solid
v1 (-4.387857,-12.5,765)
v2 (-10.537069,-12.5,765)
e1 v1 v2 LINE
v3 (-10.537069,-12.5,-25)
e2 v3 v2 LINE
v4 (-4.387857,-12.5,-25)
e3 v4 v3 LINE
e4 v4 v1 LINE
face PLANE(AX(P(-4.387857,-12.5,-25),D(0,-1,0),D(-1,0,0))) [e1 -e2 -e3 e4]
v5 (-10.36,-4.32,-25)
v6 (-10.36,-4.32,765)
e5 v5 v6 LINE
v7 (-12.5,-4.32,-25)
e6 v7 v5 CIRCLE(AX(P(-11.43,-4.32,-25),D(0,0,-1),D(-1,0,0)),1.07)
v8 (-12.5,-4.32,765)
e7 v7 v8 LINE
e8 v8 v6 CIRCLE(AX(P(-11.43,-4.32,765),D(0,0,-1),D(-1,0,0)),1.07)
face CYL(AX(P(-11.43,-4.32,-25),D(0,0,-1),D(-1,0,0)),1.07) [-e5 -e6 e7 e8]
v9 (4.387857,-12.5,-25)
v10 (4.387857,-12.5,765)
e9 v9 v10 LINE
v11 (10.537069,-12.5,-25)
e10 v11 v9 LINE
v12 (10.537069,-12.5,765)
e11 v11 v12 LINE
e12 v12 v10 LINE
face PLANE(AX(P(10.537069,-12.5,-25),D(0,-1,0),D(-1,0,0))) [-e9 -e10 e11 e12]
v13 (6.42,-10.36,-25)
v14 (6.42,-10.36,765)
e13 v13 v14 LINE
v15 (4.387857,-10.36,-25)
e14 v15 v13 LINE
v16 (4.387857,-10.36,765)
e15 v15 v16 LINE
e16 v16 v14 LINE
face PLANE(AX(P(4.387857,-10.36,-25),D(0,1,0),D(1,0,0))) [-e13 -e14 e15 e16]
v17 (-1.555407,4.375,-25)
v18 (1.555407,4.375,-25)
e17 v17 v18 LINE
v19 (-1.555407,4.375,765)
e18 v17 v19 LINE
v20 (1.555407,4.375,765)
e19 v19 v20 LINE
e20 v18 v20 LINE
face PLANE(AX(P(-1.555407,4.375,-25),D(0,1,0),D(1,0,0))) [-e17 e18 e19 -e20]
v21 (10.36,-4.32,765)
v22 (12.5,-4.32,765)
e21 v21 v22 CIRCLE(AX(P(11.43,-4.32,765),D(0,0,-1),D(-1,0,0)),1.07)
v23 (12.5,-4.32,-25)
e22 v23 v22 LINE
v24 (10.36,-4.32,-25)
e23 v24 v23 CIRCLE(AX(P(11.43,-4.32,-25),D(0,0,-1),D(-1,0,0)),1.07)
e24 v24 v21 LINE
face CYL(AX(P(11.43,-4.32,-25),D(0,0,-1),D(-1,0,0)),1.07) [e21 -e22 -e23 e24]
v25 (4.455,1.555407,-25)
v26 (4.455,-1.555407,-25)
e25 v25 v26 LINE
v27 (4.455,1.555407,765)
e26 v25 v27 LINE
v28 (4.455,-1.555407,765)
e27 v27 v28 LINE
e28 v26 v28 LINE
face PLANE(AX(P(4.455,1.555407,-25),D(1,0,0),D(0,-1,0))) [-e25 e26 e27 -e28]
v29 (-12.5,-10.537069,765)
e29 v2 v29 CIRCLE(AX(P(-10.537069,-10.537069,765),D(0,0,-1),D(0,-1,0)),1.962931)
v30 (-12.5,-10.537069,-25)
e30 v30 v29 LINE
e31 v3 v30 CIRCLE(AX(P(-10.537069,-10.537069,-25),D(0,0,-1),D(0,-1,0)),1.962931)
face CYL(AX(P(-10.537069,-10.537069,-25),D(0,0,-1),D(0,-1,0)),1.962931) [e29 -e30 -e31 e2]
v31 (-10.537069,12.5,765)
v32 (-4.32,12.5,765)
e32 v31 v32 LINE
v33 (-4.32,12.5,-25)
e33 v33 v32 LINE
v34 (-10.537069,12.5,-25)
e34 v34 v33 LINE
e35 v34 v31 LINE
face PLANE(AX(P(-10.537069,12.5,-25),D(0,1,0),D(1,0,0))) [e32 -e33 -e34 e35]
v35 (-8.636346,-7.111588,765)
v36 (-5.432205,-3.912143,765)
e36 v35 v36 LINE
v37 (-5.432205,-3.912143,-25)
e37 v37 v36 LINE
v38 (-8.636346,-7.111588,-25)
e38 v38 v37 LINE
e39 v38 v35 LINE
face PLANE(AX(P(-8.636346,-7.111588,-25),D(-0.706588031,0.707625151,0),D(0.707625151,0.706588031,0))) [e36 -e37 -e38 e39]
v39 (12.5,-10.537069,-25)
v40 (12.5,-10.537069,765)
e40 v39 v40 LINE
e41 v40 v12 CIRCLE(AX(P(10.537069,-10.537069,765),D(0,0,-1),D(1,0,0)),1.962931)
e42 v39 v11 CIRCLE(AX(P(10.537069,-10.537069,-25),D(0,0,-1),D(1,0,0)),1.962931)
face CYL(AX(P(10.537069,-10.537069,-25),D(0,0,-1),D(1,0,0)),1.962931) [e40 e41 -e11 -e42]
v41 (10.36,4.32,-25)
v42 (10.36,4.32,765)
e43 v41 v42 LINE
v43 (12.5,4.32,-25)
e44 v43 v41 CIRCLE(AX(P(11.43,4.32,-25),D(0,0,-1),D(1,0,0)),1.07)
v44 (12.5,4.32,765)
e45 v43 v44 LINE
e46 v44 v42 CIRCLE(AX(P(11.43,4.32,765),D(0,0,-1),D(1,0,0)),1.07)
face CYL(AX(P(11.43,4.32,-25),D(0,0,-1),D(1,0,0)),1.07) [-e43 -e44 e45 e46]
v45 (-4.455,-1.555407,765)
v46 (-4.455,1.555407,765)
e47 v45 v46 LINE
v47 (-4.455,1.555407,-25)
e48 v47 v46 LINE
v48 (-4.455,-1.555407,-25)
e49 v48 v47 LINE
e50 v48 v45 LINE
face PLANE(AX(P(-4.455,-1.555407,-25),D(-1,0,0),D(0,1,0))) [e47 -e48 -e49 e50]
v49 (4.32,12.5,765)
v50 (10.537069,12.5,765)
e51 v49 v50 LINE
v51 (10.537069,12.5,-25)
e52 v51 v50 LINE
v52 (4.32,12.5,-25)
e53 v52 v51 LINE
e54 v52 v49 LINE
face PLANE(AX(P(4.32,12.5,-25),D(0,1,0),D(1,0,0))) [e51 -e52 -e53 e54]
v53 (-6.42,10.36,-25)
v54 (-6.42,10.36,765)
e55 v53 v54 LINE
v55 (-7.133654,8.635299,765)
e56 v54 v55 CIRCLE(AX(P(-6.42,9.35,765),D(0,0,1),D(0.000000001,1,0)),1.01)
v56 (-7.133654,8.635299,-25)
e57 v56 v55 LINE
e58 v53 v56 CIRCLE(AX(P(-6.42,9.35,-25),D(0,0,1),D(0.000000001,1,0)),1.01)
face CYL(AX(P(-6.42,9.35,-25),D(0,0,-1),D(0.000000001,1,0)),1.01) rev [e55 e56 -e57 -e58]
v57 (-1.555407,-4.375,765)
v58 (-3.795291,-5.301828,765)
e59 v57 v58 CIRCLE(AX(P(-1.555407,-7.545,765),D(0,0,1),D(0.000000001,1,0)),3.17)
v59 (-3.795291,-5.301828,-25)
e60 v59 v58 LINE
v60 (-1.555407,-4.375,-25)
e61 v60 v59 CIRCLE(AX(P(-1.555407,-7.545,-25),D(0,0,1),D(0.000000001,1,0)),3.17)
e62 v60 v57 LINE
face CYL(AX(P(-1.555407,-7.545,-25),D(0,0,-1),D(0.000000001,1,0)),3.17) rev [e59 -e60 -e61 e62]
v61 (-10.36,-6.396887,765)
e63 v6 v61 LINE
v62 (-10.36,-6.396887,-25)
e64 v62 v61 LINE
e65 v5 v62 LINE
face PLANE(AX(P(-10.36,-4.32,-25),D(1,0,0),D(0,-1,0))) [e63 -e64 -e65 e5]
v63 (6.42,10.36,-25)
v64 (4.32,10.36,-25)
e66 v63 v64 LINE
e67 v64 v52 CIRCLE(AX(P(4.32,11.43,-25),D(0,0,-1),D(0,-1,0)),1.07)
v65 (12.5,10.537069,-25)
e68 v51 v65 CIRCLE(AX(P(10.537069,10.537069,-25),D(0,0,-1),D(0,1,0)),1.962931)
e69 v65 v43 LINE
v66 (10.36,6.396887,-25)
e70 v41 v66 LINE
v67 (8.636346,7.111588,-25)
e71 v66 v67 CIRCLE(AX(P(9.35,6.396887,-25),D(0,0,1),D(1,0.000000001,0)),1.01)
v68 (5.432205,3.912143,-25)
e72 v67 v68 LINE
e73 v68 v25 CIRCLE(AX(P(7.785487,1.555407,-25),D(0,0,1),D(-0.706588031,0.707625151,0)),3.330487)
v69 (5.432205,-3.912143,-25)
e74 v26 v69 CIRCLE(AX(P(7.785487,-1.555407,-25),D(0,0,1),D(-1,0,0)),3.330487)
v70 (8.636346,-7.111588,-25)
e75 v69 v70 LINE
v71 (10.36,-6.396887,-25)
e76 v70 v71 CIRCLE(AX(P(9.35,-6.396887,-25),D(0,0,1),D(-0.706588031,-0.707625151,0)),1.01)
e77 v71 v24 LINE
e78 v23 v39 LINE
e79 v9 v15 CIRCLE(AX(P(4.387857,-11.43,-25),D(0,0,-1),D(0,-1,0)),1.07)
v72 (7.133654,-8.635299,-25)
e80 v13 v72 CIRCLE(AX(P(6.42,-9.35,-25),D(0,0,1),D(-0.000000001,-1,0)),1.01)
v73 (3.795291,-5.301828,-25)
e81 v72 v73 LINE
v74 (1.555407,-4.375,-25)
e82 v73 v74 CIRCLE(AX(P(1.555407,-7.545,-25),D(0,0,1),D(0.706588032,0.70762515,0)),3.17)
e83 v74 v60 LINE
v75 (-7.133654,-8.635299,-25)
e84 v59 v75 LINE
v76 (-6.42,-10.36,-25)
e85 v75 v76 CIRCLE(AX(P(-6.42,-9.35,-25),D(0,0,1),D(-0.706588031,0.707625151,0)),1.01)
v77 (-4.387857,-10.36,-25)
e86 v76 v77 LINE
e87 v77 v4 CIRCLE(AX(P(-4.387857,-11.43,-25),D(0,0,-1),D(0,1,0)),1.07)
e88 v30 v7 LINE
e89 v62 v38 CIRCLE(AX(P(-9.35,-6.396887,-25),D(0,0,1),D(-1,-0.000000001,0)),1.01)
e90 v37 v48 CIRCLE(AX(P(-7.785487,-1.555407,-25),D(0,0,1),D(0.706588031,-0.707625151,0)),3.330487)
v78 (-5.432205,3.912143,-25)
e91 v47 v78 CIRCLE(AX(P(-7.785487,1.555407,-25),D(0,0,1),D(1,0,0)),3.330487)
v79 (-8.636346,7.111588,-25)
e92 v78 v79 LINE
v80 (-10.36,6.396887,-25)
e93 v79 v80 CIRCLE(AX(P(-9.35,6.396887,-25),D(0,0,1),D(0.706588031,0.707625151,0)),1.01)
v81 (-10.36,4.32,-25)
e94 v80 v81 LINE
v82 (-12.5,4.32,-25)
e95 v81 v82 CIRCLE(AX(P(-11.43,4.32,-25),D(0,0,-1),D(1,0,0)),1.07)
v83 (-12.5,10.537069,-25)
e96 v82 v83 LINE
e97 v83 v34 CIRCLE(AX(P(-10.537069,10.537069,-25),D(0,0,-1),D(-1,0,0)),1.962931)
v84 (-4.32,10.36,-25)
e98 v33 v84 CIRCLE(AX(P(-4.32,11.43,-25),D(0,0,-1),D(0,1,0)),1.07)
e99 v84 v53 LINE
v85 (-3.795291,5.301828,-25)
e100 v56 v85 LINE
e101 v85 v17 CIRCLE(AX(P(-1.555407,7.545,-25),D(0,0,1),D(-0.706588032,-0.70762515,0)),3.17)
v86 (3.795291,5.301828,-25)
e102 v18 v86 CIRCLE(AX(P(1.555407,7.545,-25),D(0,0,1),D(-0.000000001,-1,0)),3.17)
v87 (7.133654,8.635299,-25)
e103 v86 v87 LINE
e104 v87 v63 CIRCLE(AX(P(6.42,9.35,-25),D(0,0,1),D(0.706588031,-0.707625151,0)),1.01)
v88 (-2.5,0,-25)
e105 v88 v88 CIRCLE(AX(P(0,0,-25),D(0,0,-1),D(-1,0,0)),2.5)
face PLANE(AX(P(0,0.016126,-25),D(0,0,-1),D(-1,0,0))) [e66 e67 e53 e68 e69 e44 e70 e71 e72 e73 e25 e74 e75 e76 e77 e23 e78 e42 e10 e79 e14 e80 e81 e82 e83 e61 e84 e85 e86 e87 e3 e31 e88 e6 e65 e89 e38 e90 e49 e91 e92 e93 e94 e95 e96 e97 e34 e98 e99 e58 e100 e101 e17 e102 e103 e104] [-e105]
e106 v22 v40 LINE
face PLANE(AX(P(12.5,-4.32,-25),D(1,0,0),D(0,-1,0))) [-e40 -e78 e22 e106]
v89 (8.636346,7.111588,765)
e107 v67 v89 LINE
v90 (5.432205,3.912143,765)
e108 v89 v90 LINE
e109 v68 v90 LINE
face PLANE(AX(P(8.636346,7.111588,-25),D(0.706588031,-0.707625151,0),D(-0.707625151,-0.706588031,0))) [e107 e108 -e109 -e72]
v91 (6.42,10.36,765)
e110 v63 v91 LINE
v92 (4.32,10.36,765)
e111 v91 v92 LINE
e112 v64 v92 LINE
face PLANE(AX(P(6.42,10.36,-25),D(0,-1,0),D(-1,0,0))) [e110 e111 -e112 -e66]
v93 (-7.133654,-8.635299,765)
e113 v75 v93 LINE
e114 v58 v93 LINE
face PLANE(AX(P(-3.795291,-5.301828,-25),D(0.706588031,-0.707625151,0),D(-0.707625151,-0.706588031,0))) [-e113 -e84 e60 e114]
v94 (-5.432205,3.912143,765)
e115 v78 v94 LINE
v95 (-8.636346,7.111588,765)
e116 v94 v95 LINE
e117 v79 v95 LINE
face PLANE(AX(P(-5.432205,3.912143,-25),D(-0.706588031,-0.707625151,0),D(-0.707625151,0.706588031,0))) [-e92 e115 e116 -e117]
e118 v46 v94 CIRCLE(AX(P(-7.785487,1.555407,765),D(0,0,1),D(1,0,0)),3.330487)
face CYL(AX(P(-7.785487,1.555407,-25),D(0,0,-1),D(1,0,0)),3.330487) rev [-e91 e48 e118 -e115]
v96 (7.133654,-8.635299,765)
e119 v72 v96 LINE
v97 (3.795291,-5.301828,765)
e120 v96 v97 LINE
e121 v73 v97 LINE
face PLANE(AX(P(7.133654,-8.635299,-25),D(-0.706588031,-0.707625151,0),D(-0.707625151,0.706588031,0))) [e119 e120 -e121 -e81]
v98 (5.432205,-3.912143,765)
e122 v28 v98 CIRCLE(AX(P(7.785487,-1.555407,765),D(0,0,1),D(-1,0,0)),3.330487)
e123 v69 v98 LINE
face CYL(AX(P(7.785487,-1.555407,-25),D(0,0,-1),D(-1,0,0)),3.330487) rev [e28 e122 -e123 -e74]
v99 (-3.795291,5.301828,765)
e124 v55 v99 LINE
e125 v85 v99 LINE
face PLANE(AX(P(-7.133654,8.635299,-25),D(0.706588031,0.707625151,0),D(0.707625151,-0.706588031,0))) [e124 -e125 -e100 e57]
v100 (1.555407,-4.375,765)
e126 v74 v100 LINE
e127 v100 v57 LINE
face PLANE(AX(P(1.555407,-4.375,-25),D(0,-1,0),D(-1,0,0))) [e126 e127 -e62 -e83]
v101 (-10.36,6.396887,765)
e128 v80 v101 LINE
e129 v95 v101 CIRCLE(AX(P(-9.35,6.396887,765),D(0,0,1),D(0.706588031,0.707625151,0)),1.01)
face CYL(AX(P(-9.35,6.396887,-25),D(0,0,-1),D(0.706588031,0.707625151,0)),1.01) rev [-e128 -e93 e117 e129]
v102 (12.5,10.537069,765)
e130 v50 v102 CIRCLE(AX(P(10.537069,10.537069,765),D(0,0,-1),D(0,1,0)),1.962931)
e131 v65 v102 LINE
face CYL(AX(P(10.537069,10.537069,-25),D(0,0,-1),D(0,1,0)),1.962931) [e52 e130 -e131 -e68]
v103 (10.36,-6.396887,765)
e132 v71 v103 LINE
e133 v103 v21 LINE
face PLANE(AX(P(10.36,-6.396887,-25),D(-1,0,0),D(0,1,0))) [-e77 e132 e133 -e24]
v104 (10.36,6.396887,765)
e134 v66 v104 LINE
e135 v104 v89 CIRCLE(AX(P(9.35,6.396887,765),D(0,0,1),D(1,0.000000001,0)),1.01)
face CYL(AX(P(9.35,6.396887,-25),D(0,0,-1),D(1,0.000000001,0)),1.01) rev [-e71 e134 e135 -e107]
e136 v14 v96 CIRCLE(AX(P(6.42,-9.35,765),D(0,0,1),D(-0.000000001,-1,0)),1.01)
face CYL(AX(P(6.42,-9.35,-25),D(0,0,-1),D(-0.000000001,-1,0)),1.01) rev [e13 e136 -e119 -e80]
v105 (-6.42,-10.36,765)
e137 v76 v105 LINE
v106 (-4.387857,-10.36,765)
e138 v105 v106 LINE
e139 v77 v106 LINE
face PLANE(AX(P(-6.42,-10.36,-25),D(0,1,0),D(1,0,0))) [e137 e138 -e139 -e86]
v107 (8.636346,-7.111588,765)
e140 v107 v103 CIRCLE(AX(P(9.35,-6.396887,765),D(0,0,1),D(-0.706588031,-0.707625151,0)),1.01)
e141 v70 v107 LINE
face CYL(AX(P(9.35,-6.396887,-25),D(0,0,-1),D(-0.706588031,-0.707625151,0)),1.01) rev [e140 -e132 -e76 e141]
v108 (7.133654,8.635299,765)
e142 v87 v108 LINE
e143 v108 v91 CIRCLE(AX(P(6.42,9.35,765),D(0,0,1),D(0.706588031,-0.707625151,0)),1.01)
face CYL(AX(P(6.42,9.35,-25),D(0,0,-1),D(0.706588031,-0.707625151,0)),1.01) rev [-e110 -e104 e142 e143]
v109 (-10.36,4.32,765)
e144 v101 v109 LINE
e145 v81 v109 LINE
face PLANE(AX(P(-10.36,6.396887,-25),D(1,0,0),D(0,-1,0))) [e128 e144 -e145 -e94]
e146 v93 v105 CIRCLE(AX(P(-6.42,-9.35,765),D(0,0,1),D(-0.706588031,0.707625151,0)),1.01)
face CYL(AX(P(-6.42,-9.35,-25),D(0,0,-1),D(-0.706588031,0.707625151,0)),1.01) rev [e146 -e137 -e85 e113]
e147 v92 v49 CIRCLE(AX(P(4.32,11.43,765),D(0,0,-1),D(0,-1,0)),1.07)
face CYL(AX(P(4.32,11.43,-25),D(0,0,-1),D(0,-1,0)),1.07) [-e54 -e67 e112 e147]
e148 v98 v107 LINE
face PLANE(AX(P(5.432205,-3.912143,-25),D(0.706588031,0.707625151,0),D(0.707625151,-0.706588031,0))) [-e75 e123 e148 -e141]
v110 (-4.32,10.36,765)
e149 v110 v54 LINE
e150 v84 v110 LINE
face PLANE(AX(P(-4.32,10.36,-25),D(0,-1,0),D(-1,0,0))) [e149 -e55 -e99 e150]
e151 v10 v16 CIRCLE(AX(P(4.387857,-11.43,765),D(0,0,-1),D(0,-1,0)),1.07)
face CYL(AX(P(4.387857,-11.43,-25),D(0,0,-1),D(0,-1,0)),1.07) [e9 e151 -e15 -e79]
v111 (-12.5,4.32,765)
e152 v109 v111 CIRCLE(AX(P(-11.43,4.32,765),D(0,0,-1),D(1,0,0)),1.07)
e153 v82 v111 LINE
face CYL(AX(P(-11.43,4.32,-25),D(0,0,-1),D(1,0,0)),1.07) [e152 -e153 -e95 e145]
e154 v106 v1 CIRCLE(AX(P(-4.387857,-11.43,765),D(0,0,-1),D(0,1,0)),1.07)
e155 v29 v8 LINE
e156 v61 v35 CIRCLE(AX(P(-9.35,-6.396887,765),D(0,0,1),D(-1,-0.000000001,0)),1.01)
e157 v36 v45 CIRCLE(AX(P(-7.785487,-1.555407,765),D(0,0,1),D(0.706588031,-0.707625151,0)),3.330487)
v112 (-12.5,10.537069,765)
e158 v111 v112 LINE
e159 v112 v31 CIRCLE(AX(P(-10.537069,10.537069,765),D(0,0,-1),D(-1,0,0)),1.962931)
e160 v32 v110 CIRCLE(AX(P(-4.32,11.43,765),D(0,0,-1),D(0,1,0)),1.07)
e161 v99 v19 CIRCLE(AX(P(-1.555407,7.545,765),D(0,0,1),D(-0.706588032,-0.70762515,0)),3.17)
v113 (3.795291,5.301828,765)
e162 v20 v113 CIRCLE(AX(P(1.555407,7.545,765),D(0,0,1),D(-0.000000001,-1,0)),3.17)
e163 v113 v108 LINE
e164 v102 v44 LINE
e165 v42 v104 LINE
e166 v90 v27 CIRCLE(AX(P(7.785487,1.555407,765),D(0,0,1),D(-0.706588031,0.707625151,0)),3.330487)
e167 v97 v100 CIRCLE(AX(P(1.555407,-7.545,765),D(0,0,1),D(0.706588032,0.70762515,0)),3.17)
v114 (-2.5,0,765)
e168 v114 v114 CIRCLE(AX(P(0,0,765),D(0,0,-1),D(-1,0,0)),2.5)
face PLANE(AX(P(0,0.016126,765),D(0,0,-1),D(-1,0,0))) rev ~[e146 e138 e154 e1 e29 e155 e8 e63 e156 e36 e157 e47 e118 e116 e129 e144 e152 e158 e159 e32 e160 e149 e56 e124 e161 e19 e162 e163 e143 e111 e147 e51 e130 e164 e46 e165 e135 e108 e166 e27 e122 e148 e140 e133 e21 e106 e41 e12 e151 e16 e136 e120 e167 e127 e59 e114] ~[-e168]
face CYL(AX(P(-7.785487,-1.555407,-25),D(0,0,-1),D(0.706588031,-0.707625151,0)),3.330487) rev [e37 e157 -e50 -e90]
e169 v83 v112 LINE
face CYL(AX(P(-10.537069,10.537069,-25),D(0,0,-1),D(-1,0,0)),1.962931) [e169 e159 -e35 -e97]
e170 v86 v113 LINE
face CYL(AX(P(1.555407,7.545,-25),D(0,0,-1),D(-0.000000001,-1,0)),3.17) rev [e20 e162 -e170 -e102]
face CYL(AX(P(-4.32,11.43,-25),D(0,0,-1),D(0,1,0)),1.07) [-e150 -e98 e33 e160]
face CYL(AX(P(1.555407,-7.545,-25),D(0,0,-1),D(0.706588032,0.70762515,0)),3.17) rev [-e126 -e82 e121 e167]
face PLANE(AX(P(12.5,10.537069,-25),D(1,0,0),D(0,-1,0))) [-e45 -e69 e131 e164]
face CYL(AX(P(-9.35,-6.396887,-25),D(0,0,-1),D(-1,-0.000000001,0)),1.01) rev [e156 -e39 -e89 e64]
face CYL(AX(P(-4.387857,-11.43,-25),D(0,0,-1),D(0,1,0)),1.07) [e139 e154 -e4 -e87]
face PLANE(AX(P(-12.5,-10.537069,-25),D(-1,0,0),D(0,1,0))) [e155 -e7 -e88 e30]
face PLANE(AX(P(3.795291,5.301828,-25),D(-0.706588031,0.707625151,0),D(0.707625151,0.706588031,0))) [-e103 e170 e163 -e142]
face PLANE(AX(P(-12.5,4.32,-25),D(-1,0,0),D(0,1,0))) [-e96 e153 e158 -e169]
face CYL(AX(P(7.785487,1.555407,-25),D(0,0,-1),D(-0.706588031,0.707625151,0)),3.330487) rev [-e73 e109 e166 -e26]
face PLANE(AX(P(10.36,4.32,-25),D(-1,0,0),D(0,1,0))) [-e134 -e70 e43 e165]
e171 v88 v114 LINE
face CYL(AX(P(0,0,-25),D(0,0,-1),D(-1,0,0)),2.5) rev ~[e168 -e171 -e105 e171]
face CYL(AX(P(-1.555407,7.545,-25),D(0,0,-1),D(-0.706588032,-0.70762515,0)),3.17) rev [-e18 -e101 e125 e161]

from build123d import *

# Parameters (mm, degrees)
SKETCH1_R           = 2.5
BOSS_EXTRUDE1_DEPTH = 790


with BuildPart() as part:
    # Sketch1 → Boss-Extrude1 (new body)
    with BuildSketch(Plane(origin=(0, 0, -25), x_dir=(-1, 0, 0), z_dir=(0, 0, -1))):
        with BuildLine():
            Line((12.5, 4.32), (12.5, 10.537068835))
            ThreePointArc((12.5, 10.537068835), (11.925070773, 11.925070773), (10.537068835, 12.5))
            Line((10.537068835, 12.5), (4.32, 12.5))
            ThreePointArc((4.32, 12.5), (3.25, 11.43), (4.32, 10.36))
            Line((4.32, 10.36), (6.42, 10.36))
            ThreePointArc((6.42, 10.36), (7.35325999, 9.736168088), (7.133653911, 8.635298598))
            Line((7.133653911, 8.635298598), (3.795290766, 5.301828272))
            ThreePointArc((3.795290766, 5.301828272), (2.76743922, 4.61585726), (1.555406707, 4.375))
            Line((1.555406707, 4.375), (-1.555406707, 4.375))
            ThreePointArc((-1.555406707, 4.375), (-2.76743922, 4.61585726), (-3.795290766, 5.301828272))
            Line((-3.795290766, 5.301828272), (-7.133653912, 8.635298598))
            ThreePointArc((-7.133653912, 8.635298598), (-7.35325999, 9.736168088), (-6.42, 10.36))
            Line((-6.42, 10.36), (-4.32, 10.36))
            ThreePointArc((-4.32, 10.36), (-3.25, 11.43), (-4.32, 12.5))
            Line((-4.32, 12.5), (-10.537068835, 12.5))
            ThreePointArc((-10.537068835, 12.5), (-11.925070773, 11.925070773), (-12.5, 10.537068835))
            Line((-12.5, 10.537068835), (-12.5, 4.32))
            ThreePointArc((-12.5, 4.32), (-11.43, 3.25), (-10.36, 4.32))
            Line((-10.36, 4.32), (-10.36, 6.396886949))
            ThreePointArc((-10.36, 6.396886949), (-9.736852394, 7.329863489), (-8.636346088, 7.111588351))
            Line((-8.636346088, 7.111588351), (-5.432204773, 3.912143135))
            ThreePointArc((-5.432204773, 3.912143135), (-4.708985779, 2.831057106), (-4.455, 1.555406707))
            Line((-4.455, 1.555406707), (-4.455, -1.555406707))
            ThreePointArc((-4.455, -1.555406707), (-4.708985779, -2.831057106), (-5.432204773, -3.912143135))
            Line((-5.432204773, -3.912143135), (-8.636346088, -7.111588351))
            ThreePointArc((-8.636346088, -7.111588351), (-9.736852394, -7.329863489), (-10.36, -6.396886949))
            Line((-10.36, -6.396886949), (-10.36, -4.32))
            ThreePointArc((-10.36, -4.32), (-11.43, -3.25), (-12.5, -4.32))
            Line((-12.5, -4.32), (-12.5, -10.537068835))
            ThreePointArc((-12.5, -10.537068835), (-11.925070773, -11.925070773), (-10.537068835, -12.5))
            Line((-10.537068835, -12.5), (-4.387856959, -12.5))
            ThreePointArc((-4.387856959, -12.5), (-3.317856959, -11.43), (-4.387856959, -10.36))
            Line((-4.387856959, -10.36), (-6.42, -10.36))
            ThreePointArc((-6.42, -10.36), (-7.35325999, -9.736168088), (-7.133653912, -8.635298598))
            Line((-7.133653912, -8.635298598), (-3.795290766, -5.301828272))
            ThreePointArc((-3.795290766, -5.301828272), (-2.76743922, -4.61585726), (-1.555406707, -4.375))
            Line((-1.555406707, -4.375), (1.555406707, -4.375))
            ThreePointArc((1.555406707, -4.375), (2.76743922, -4.61585726), (3.795290766, -5.301828272))
            Line((3.795290766, -5.301828272), (7.133653912, -8.635298598))
            ThreePointArc((7.133653912, -8.635298598), (7.35325999, -9.736168088), (6.42, -10.36))
            Line((6.42, -10.36), (4.387856959, -10.36))
            ThreePointArc((4.387856959, -10.36), (3.317856959, -11.43), (4.387856959, -12.5))
            Line((4.387856959, -12.5), (10.537068835, -12.5))
            ThreePointArc((10.537068835, -12.5), (11.925070773, -11.925070773), (12.5, -10.537068835))
            Line((12.5, -10.537068835), (12.5, -4.32))
            ThreePointArc((12.5, -4.32), (11.43, -3.25), (10.36, -4.32))
            Line((10.36, -4.32), (10.36, -6.396886949))
            ThreePointArc((10.36, -6.396886949), (9.736852394, -7.329863489), (8.636346088, -7.111588351))
            Line((8.636346088, -7.111588351), (5.432204773, -3.912143135))
            ThreePointArc((5.432204773, -3.912143135), (4.708985779, -2.831057106), (4.455, -1.555406707))
            Line((4.455, -1.555406707), (4.455, 1.555406707))
            ThreePointArc((4.455, 1.555406707), (4.708985779, 2.831057106), (5.432204773, 3.912143135))
            Line((5.432204773, 3.912143135), (8.636346088, 7.111588351))
            ThreePointArc((8.636346088, 7.111588351), (9.736852394, 7.329863489), (10.36, 6.396886949))
            Line((10.36, 6.396886949), (10.36, 4.32))
            ThreePointArc((10.36, 4.32), (11.43, 3.25), (12.5, 4.32))
        make_face()
        Circle(SKETCH1_R, mode=Mode.SUBTRACT)
    extrude(amount=-BOSS_EXTRUDE1_DEPTH)


solid = part.part
